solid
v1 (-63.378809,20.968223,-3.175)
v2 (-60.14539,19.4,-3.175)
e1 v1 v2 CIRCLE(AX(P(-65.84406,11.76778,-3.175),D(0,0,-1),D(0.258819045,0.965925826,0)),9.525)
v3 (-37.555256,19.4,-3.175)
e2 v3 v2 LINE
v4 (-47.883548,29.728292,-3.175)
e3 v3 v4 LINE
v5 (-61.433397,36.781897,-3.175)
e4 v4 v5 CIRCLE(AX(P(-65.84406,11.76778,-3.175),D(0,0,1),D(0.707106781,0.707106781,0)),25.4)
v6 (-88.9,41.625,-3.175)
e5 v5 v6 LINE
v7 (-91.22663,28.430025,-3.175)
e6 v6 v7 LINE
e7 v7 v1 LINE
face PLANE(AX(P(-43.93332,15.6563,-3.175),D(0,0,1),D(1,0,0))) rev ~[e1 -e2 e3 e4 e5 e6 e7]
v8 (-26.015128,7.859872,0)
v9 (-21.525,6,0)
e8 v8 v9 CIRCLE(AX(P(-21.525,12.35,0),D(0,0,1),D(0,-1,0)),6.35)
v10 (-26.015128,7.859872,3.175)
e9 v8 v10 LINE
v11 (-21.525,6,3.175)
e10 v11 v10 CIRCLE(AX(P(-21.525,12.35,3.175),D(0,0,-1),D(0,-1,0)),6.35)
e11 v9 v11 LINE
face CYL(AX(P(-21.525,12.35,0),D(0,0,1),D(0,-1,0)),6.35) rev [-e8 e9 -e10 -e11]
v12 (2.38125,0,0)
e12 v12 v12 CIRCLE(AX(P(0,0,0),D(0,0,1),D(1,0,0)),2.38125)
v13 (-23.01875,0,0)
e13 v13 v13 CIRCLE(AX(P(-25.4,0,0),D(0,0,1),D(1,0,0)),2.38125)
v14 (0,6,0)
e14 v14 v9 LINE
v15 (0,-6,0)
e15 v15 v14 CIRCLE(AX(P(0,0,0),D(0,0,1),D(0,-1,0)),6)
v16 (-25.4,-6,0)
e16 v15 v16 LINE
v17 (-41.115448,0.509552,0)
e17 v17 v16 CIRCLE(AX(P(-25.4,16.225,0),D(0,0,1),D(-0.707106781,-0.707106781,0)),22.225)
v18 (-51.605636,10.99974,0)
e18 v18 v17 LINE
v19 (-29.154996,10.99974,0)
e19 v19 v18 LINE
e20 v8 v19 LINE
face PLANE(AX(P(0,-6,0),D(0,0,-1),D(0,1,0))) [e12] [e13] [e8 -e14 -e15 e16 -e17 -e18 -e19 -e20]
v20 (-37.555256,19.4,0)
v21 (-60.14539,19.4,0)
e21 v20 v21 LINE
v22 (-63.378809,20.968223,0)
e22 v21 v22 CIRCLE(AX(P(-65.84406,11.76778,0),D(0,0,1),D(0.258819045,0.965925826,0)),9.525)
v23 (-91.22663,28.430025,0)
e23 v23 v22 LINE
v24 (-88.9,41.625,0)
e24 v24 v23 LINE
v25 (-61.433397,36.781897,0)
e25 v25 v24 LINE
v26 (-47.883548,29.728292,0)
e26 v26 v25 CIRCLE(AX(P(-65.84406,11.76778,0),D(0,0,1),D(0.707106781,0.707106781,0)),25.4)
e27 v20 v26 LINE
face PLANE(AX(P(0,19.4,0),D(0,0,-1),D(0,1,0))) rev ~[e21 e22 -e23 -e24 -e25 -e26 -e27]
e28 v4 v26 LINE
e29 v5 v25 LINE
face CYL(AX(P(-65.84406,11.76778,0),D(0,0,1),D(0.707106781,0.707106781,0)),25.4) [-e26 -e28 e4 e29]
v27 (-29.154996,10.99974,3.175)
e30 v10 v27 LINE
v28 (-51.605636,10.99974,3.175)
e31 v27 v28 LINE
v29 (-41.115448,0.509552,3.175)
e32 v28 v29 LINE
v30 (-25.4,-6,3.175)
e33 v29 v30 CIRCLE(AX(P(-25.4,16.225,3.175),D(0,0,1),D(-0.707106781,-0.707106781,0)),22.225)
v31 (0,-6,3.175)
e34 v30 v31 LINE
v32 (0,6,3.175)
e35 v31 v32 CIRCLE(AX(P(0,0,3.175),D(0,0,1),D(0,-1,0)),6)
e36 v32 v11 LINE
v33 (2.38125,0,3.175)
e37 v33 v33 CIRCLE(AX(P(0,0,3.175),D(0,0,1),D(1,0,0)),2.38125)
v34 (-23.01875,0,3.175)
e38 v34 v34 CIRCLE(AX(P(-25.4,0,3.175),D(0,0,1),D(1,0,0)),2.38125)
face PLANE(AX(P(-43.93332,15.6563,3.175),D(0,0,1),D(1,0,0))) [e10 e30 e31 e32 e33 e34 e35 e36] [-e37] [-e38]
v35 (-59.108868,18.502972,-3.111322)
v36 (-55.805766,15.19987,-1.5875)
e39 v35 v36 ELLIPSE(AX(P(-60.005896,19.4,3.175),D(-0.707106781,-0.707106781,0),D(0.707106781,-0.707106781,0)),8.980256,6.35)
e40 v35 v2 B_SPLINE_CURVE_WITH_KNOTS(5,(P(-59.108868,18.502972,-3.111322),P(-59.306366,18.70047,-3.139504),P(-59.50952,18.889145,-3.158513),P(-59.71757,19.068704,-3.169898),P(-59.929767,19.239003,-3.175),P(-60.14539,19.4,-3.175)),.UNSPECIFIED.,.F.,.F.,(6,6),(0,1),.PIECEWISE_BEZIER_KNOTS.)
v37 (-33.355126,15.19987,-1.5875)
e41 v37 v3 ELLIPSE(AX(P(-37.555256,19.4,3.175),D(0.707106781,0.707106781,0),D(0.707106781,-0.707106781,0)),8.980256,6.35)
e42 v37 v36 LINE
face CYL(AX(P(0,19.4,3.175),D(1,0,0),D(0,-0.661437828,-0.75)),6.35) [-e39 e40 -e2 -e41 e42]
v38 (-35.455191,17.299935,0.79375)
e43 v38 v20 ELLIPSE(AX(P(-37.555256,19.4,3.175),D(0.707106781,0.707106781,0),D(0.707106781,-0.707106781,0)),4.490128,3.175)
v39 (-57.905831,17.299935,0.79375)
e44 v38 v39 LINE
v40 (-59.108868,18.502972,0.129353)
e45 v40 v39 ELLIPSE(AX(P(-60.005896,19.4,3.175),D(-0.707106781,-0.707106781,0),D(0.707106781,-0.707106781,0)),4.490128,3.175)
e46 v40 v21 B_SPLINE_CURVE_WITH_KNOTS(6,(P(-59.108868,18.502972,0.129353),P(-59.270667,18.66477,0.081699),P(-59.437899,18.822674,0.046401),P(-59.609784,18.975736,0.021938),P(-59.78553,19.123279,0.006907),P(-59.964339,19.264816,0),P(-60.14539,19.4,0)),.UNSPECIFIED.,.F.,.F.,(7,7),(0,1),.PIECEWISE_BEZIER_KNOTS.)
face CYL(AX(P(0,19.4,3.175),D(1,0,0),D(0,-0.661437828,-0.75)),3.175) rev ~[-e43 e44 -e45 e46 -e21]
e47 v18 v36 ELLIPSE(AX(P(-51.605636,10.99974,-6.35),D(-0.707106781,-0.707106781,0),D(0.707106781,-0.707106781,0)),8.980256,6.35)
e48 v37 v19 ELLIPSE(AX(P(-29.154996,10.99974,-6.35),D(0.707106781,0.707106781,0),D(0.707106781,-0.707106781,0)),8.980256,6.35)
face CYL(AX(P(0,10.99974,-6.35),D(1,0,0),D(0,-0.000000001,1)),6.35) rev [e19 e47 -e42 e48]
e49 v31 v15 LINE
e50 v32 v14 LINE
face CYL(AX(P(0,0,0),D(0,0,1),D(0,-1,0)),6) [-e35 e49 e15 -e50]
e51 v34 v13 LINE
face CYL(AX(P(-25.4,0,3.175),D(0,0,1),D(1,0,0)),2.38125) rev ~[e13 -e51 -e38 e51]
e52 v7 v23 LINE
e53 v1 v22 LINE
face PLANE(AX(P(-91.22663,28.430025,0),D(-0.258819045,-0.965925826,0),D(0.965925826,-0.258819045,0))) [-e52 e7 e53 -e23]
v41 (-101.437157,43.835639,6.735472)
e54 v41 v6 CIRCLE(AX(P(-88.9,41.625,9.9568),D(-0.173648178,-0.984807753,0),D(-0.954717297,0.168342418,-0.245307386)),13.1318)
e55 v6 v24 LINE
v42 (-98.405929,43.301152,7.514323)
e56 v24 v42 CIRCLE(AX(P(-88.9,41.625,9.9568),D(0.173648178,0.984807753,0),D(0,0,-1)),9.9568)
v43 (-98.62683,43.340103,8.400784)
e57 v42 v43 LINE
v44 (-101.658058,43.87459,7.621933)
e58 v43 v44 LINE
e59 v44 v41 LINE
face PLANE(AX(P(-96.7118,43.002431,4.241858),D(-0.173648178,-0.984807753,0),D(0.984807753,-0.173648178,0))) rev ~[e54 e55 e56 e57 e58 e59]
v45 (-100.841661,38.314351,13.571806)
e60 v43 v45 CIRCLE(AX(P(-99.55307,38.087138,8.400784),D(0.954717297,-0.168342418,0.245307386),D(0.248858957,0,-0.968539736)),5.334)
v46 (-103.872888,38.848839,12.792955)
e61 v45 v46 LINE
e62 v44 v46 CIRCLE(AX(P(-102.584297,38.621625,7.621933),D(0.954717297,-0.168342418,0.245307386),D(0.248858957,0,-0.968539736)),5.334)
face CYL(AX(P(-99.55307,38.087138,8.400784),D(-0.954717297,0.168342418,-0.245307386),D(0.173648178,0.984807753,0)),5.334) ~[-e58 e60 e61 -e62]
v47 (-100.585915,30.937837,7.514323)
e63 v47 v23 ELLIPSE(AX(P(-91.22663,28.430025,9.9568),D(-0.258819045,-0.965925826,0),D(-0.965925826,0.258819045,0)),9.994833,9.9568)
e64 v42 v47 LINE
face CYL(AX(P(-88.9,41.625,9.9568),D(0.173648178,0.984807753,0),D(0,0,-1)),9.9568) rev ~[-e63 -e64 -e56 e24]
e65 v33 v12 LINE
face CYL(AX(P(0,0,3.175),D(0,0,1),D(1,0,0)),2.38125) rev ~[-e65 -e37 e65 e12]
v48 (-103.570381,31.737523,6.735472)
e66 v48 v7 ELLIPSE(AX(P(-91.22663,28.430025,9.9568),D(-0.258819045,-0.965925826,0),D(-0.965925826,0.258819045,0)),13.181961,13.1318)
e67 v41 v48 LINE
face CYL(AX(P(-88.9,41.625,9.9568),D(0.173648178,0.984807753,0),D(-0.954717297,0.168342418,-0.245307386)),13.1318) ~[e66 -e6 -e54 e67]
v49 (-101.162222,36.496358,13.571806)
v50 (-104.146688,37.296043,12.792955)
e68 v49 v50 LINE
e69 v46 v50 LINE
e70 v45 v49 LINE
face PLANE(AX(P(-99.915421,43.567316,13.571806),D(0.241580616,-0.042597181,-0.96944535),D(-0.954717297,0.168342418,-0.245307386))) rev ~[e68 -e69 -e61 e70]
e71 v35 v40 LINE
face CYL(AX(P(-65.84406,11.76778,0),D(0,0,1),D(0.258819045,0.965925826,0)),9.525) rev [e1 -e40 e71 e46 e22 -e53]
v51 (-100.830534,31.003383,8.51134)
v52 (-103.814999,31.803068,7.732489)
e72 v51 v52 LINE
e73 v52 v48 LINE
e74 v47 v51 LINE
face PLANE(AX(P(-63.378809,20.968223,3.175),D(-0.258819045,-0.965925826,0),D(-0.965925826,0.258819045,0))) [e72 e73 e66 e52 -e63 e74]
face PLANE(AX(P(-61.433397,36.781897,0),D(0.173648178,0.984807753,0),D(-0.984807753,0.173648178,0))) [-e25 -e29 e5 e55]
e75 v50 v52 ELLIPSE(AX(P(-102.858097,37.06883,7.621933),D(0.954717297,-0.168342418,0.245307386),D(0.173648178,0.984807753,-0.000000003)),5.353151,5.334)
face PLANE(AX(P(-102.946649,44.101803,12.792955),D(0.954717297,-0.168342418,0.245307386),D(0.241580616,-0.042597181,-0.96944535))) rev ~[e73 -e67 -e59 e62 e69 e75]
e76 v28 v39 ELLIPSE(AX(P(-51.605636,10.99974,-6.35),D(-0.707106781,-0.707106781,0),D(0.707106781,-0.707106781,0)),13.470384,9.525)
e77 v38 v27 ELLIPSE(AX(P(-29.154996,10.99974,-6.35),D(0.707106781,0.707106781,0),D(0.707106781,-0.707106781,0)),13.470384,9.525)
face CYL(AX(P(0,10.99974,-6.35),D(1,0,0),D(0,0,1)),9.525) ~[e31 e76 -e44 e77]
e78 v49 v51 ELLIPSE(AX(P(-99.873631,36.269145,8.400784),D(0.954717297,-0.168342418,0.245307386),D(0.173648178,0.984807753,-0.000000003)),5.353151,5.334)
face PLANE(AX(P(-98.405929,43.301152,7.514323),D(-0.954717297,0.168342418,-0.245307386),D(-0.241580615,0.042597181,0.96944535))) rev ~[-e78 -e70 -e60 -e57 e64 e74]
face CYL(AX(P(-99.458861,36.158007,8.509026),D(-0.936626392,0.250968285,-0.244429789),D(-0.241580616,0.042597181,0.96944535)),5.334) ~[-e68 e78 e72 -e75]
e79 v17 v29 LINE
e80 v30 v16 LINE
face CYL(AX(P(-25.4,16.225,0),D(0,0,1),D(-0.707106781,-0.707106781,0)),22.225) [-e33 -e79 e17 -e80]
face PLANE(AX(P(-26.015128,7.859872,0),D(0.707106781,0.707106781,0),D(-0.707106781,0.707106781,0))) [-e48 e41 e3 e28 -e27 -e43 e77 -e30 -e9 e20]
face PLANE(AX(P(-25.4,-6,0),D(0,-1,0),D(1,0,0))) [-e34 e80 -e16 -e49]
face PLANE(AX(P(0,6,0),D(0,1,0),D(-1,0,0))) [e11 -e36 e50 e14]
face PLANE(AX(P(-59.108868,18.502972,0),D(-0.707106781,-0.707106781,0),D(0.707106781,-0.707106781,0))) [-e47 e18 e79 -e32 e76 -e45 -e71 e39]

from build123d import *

# Parameters (mm, degrees)
BASE_EXTRUDE_DEPTH      = 3.175
CUT_EXTRUDE1_DEPTH      = 101.324569797
CUT_EXTRUDE1_DEPTH_BACK = 101.324569797
CUT_EXTRUDE2_DEPTH      = 101.3245698
SKETCH4_R               = 2.38125
CUT_EXTRUDE3_DEPTH      = 101.47517694
BOSS_EXTRUDE1_REACH     = 102.663
FILLET4_R               = 5.334


with BuildPart() as part:
    # Sketch1 → Base-Extrude (new, symmetric)
    with BuildSketch(Plane.XY):
        with BuildLine():
            Line((0, 6), (-21.525, 6))
            ThreePointArc((-21.525, 6), (-23.955039796, 6.483364969), (-26.015128061, 7.859871939))
            Line((-26.015128061, 7.859871939), (-47.883548214, 29.728292093))
            ThreePointArc((-47.883548214, 29.728292093), (-54.11564568, 34.297855014), (-61.433396744, 36.781896777))
            Line((-61.433396744, 36.781896777), (-88.9, 41.625))
            Line((-88.9, 41.625), (-91.226630185, 28.43002453))
            Line((-91.226630185, 28.43002453), (-63.378809052, 20.968223346))
            ThreePointArc((-63.378809052, 20.968223346), (-61.081560456, 20.016671822), (-59.108868366, 18.502971942))
            Line((-59.108868366, 18.502971942), (-41.115448212, 0.509551788))
            ThreePointArc((-41.115448212, 0.509551788), (-33.905139284, -4.30822261), (-25.4, -6))
            Line((-25.4, -6), (0, -6))
            ThreePointArc((0, -6), (6, 0), (0, 6))
        make_face()
    extrude(amount=BASE_EXTRUDE_DEPTH, both=True)

    # Sketch2 → Cut-Extrude1 (cut, two sides)
    with BuildSketch(Plane(origin=(0, 0, 0), x_dir=(0, 0, -1), z_dir=(1, 0, 0))) as cut_extrude1_sk:
        with BuildLine():
            Line((109.267936785, -6), (3.175, -6))
            Line((3.175, -6), (0, -6))
            Line((0, -6), (0, 10.999739587))
            ThreePointArc((0, 10.999739587), (0.410118898, 13.244803618), (1.5875, 15.199869794))
            ThreePointArc((1.5875, 15.199869794), (2.764881102, 17.15493597), (3.175, 19.4))
            Line((3.175, 19.4), (3.175, 125.492936785))
            Line((3.175, 125.492936785), (168.312411522, 258.731370649))
            Line((168.312411522, 258.731370649), (274.405348307, 127.238433864))
            Line((274.405348307, 127.238433864), (109.267936785, -6))
        make_face()
    extrude(amount=CUT_EXTRUDE1_DEPTH, mode=Mode.SUBTRACT)
    extrude(cut_extrude1_sk.sketch, amount=-CUT_EXTRUDE1_DEPTH_BACK, mode=Mode.SUBTRACT)

    # Sketch3 → Cut-Extrude2 (cut, through all)
    with BuildSketch(Plane(origin=(0, 0, 0), x_dir=(0, 0, -1), z_dir=(1, 0, 0))):
        with BuildLine():
            Line((0, 19.4), (0, 41.625))
            Line((0, 41.625), (-3.175, 41.625))
            Line((-3.175, 41.625), (-3.175, 10.999739587))
            ThreePointArc((-3.175, 10.999739587), (-2.559821652, 14.367335633), (-0.79375, 17.299934897))
            ThreePointArc((-0.79375, 17.299934897), (-0.205059449, 18.277467985), (0, 19.4))
        make_face()
    extrude(amount=-CUT_EXTRUDE2_DEPTH, mode=Mode.SUBTRACT)

    # Sketch4 → Cut-Extrude3 (cut, through all)
    with BuildSketch(Plane.XY.offset(3.175)):
        Circle(SKETCH4_R)
        with Locations((-25.4, 0)):
            Circle(SKETCH4_R)
    extrude(amount=-CUT_EXTRUDE3_DEPTH, mode=Mode.SUBTRACT)

    # Boss-Extrude1: up to this plane
    boss_extrude1_end = Plane(origin=(-63.378809052, 20.968223346, 3.175), z_dir=(-0.2588190451025212, -0.9659258262890683, 0))
    # Sketch6 → Boss-Extrude1 (add, up to the surface)
    with BuildSketch(Plane(origin=(4.437631227, 25.167057299, 0), x_dir=(-0.9848077530122081, 0.1736481776669304, 0), z_dir=(0.17364817766693036, 0.984807753012208, 0)), mode=Mode.PRIVATE) as boss_extrude1_sk1:
        with BuildLine():
            Line((94.777514638, -3.175), (94.777514638, 0))
            ThreePointArc((94.777514638, 0), (100.893829519, 2.100047584), (104.430088098, 7.51432342))
            Line((104.430088098, 7.51432342), (105.962866768, 13.571805745))
            Line((105.962866768, 13.571805745), (109.040855754, 12.792954794))
            Line((109.040855754, 12.792954794), (107.508077084, 6.73547247))
            ThreePointArc((107.508077084, 6.73547247), (102.844185029, -0.405294385), (94.777514638, -3.175))
        make_face()
    boss_extrude1_tool1 = split(extrude(boss_extrude1_sk1.sketch, amount=-BOSS_EXTRUDE1_REACH, mode=Mode.PRIVATE), bisect_by=boss_extrude1_end, keep=Keep.BOTH, mode=Mode.PRIVATE)
    add(boss_extrude1_tool1.solids().sort_by_distance((-96.950625, 43.044542, 3.972737))[0])

    # Fillet4
    fillet4_edges = [part.edges().sort_by_distance(p)[0] for p in [
        (-103.564353975, 31.735907656, 13.182380269),
        (-101.431035206, 43.834559603, 13.182380269),
    ]]
    fillet(fillet4_edges, radius=FILLET4_R)


solid = part.part
